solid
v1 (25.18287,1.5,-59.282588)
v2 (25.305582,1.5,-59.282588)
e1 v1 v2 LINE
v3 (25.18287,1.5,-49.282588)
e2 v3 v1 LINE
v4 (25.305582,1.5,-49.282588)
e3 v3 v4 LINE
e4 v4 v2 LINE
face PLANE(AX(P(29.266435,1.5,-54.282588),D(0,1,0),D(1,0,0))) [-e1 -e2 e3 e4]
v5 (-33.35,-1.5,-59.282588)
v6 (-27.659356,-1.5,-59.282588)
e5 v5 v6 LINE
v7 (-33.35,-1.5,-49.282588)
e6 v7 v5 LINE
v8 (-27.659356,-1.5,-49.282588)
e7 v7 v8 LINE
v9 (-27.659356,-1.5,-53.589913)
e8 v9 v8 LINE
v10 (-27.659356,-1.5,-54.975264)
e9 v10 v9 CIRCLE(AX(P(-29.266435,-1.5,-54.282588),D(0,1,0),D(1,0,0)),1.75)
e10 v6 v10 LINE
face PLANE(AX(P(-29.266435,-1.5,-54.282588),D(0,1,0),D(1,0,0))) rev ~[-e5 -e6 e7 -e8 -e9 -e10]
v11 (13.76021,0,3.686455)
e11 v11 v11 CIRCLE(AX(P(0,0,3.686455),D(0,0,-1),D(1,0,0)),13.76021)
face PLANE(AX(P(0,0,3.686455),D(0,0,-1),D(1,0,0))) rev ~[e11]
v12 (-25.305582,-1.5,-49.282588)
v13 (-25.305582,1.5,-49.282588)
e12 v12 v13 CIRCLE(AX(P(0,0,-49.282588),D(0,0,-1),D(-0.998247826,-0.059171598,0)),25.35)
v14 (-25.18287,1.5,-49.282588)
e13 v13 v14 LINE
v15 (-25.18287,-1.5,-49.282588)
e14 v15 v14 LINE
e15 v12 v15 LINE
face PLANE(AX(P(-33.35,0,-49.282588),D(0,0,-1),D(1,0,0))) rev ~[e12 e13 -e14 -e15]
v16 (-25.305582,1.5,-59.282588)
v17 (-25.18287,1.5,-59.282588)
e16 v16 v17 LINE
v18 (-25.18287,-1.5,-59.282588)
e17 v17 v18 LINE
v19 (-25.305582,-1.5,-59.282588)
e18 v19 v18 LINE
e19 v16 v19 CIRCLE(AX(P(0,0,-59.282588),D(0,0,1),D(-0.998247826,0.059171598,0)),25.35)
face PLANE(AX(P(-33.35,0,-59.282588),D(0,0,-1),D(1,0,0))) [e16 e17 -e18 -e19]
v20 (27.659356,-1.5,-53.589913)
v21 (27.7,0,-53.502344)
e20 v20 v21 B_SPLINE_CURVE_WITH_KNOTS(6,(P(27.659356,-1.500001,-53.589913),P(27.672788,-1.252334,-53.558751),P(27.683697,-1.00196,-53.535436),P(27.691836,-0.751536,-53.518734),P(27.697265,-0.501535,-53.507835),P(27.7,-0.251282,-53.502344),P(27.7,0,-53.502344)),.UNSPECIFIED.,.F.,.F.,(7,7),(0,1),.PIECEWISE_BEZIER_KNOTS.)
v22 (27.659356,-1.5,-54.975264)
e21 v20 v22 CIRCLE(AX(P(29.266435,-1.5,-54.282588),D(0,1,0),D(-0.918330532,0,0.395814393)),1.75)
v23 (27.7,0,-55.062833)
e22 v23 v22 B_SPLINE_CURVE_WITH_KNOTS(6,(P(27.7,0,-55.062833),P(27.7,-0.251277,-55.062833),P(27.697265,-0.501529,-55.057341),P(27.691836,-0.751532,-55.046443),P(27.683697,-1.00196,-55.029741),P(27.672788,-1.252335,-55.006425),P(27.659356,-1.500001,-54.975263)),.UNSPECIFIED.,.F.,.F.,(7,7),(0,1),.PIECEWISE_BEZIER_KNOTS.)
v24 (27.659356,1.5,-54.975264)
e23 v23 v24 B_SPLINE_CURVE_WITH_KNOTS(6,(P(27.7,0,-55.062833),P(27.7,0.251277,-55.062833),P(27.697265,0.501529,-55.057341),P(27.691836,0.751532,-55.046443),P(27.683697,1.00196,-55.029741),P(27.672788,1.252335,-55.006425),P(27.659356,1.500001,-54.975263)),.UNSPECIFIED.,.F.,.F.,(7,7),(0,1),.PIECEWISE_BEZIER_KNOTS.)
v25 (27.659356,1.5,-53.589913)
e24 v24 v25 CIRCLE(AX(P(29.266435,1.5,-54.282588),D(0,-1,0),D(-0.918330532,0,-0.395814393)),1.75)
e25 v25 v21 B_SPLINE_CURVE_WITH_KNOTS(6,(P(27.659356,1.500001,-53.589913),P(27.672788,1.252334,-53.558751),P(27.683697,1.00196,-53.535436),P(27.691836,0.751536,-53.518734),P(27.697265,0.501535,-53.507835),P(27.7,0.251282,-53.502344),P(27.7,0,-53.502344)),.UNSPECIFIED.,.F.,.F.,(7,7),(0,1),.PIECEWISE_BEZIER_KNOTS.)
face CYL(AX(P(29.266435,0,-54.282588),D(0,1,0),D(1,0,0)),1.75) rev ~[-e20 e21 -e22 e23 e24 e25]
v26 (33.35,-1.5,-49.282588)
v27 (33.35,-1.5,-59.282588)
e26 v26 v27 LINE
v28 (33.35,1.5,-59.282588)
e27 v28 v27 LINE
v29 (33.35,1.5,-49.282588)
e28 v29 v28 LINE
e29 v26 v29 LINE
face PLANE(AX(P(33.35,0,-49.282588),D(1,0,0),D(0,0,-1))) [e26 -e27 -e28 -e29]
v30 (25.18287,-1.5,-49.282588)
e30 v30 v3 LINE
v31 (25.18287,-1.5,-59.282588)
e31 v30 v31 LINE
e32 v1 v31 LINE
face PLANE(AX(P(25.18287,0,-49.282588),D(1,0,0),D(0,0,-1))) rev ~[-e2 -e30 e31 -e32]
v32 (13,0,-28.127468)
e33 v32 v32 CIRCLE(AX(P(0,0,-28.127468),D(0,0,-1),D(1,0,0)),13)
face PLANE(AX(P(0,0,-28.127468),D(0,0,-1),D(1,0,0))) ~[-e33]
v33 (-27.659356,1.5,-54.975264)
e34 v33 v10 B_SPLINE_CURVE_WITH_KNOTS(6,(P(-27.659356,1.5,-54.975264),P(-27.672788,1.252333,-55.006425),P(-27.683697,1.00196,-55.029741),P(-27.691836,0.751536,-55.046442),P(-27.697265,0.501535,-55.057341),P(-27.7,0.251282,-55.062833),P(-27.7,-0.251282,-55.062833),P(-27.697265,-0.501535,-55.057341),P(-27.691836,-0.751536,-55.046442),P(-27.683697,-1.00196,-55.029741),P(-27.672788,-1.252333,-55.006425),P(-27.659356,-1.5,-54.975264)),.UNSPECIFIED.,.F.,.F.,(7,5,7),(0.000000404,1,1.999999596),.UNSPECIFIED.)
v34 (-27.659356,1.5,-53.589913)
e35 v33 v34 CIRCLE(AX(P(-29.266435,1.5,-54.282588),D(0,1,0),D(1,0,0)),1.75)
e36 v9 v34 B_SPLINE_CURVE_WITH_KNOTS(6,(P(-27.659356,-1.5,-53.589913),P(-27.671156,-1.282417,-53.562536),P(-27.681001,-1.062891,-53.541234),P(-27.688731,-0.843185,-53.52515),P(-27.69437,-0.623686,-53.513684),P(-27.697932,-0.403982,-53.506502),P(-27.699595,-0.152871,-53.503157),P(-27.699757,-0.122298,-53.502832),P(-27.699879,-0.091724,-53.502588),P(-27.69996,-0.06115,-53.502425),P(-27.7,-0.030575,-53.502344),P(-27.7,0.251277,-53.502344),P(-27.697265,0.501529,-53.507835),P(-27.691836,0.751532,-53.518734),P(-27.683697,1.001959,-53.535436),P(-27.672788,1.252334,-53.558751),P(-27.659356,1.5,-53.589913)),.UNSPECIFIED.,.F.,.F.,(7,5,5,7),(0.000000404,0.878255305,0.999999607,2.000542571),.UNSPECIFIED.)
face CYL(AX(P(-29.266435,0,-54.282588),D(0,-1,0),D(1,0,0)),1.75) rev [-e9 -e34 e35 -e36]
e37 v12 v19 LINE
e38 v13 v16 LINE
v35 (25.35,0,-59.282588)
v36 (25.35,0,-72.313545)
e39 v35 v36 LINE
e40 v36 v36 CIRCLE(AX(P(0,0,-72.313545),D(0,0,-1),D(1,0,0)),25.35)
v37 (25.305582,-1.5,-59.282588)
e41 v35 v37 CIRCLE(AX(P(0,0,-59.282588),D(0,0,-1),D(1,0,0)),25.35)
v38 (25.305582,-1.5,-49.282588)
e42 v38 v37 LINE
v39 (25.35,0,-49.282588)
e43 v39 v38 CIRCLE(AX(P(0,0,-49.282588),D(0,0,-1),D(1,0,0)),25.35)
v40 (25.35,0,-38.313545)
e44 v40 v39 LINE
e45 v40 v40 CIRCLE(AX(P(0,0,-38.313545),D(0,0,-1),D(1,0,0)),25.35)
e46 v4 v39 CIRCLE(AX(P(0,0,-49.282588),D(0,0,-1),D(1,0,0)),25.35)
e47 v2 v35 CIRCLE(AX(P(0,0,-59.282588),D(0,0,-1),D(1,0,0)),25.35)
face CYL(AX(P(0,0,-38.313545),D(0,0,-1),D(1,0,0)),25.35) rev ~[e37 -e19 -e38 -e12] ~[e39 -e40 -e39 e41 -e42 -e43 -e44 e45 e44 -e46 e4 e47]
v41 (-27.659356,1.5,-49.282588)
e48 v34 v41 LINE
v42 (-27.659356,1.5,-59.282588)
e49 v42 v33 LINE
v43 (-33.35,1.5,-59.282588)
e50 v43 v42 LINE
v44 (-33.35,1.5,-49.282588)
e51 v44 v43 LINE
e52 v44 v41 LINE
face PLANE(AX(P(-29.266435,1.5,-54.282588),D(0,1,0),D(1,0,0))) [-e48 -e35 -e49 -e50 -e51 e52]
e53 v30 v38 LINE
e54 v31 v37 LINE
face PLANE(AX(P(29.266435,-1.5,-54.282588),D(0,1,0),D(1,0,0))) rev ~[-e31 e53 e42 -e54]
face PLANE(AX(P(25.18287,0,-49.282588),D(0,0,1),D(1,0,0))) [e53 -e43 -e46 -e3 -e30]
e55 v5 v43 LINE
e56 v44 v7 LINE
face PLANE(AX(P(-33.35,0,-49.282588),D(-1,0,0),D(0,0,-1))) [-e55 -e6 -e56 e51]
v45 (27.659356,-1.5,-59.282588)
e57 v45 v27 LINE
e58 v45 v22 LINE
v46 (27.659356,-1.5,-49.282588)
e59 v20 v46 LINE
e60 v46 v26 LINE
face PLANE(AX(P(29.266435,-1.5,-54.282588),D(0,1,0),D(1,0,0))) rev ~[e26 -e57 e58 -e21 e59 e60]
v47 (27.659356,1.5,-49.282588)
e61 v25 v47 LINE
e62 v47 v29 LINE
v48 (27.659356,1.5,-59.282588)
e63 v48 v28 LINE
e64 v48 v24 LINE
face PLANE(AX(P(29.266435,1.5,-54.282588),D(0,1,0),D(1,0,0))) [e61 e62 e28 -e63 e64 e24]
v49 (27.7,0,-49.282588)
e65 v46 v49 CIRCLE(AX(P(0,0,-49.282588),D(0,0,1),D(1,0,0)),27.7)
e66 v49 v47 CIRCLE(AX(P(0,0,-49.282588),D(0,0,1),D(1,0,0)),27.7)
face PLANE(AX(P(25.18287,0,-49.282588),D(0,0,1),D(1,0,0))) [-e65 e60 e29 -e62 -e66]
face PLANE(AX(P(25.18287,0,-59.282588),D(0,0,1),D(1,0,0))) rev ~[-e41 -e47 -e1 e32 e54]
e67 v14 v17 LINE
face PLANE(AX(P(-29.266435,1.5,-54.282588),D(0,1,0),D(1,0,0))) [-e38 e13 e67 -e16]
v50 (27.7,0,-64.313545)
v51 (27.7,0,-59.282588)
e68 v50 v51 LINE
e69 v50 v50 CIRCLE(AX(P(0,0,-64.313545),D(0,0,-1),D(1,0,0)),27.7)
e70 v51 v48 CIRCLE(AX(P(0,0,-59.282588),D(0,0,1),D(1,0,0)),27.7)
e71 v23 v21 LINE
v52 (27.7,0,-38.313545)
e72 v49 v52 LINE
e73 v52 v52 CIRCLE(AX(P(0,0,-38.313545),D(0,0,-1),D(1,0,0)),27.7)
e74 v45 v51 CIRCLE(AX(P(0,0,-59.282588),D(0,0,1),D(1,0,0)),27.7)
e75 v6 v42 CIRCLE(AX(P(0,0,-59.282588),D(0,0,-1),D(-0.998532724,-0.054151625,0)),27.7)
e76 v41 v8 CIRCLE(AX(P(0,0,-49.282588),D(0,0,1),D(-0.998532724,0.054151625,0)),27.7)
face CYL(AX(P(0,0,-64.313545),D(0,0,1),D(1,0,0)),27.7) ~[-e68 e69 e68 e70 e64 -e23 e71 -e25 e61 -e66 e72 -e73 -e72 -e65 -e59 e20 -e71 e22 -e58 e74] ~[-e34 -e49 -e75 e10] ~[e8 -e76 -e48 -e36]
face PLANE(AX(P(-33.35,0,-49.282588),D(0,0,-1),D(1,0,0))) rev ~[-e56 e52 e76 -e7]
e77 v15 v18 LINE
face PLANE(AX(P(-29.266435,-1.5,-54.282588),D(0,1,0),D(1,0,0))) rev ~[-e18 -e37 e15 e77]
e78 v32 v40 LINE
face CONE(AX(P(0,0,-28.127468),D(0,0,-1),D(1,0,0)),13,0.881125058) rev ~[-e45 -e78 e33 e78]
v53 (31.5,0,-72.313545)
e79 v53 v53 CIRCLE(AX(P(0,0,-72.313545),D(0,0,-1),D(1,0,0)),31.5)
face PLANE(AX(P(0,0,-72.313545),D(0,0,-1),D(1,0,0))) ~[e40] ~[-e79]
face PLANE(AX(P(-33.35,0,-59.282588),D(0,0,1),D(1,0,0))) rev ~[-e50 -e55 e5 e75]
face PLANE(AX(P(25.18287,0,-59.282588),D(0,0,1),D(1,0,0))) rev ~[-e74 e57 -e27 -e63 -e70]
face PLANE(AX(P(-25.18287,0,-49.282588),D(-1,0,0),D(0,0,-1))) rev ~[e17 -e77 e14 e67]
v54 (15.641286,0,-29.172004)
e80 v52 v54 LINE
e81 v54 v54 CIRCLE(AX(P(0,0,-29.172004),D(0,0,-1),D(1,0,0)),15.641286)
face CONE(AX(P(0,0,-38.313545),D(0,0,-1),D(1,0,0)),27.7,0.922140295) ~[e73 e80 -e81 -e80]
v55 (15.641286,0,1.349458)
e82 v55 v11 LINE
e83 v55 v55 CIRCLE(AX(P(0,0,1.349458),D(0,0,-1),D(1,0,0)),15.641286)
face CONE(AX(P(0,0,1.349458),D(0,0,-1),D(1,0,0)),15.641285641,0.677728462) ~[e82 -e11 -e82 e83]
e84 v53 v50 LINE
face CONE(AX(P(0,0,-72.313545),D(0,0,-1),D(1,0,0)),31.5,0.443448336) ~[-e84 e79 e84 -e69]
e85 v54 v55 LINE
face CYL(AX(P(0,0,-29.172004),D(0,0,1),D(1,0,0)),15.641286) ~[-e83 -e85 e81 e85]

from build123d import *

# Parameters (mm, degrees)
EXTRUDE_1_DEPTH      = 1.5
EXTRUDE_1_DEPTH_BACK = 1.5
SKETCH_2_W           = 8.167130209
SKETCH_2_H           = 10
SKETCH_2_R           = 1.75


with BuildPart() as part:
    # 草图1 → 旋转1 (revolve)
    with BuildSketch(Plane(origin=(0, 0, 0), x_dir=(1, 0, 0), z_dir=(0, 1, 0))):
        Polygon((25.35, 72.313545186), (31.5, 72.313545186), (27.7, 64.313545186), (27.7, 38.313545186), (15.641285641, 29.17200386), (15.641285641, -1.349457697), (13.76021029, -3.686454814), (0, -3.686454814), (0, 28.127467739), (13, 28.127467739), (25.35, 38.313545186), align=None)
    revolve(axis=Axis((0, 0, 0), (0, 0, -1)))

    # 草图2 → 凸台-拉伸1 (add, two sides: drawn at the far end of the back side and taken through both)
    # profile 1 of 2: a face of its own
    with BuildSketch(Plane(origin=(0, 0, 0), x_dir=(1, 0, 0), z_dir=(0, 1, 0)).offset(-EXTRUDE_1_DEPTH_BACK)):
        with Locations((29.266434896, 54.282588322)):
            Rectangle(SKETCH_2_W, SKETCH_2_H)
        with Locations((29.266434895, 54.282588322)):
            Circle(SKETCH_2_R, mode=Mode.SUBTRACT)
    # profile 2 of 2: a face of its own
    with BuildSketch(Plane(origin=(0, 0, 0), x_dir=(1, 0, 0), z_dir=(0, 1, 0)).offset(-EXTRUDE_1_DEPTH_BACK)):
        with Locations((-29.266434896, 54.282588322)):
            Rectangle(SKETCH_2_W, SKETCH_2_H)
        with Locations((-29.266434895, 54.282588322)):
            Circle(SKETCH_2_R, mode=Mode.SUBTRACT)
    extrude(amount=EXTRUDE_1_DEPTH + EXTRUDE_1_DEPTH_BACK)


solid = part.part
